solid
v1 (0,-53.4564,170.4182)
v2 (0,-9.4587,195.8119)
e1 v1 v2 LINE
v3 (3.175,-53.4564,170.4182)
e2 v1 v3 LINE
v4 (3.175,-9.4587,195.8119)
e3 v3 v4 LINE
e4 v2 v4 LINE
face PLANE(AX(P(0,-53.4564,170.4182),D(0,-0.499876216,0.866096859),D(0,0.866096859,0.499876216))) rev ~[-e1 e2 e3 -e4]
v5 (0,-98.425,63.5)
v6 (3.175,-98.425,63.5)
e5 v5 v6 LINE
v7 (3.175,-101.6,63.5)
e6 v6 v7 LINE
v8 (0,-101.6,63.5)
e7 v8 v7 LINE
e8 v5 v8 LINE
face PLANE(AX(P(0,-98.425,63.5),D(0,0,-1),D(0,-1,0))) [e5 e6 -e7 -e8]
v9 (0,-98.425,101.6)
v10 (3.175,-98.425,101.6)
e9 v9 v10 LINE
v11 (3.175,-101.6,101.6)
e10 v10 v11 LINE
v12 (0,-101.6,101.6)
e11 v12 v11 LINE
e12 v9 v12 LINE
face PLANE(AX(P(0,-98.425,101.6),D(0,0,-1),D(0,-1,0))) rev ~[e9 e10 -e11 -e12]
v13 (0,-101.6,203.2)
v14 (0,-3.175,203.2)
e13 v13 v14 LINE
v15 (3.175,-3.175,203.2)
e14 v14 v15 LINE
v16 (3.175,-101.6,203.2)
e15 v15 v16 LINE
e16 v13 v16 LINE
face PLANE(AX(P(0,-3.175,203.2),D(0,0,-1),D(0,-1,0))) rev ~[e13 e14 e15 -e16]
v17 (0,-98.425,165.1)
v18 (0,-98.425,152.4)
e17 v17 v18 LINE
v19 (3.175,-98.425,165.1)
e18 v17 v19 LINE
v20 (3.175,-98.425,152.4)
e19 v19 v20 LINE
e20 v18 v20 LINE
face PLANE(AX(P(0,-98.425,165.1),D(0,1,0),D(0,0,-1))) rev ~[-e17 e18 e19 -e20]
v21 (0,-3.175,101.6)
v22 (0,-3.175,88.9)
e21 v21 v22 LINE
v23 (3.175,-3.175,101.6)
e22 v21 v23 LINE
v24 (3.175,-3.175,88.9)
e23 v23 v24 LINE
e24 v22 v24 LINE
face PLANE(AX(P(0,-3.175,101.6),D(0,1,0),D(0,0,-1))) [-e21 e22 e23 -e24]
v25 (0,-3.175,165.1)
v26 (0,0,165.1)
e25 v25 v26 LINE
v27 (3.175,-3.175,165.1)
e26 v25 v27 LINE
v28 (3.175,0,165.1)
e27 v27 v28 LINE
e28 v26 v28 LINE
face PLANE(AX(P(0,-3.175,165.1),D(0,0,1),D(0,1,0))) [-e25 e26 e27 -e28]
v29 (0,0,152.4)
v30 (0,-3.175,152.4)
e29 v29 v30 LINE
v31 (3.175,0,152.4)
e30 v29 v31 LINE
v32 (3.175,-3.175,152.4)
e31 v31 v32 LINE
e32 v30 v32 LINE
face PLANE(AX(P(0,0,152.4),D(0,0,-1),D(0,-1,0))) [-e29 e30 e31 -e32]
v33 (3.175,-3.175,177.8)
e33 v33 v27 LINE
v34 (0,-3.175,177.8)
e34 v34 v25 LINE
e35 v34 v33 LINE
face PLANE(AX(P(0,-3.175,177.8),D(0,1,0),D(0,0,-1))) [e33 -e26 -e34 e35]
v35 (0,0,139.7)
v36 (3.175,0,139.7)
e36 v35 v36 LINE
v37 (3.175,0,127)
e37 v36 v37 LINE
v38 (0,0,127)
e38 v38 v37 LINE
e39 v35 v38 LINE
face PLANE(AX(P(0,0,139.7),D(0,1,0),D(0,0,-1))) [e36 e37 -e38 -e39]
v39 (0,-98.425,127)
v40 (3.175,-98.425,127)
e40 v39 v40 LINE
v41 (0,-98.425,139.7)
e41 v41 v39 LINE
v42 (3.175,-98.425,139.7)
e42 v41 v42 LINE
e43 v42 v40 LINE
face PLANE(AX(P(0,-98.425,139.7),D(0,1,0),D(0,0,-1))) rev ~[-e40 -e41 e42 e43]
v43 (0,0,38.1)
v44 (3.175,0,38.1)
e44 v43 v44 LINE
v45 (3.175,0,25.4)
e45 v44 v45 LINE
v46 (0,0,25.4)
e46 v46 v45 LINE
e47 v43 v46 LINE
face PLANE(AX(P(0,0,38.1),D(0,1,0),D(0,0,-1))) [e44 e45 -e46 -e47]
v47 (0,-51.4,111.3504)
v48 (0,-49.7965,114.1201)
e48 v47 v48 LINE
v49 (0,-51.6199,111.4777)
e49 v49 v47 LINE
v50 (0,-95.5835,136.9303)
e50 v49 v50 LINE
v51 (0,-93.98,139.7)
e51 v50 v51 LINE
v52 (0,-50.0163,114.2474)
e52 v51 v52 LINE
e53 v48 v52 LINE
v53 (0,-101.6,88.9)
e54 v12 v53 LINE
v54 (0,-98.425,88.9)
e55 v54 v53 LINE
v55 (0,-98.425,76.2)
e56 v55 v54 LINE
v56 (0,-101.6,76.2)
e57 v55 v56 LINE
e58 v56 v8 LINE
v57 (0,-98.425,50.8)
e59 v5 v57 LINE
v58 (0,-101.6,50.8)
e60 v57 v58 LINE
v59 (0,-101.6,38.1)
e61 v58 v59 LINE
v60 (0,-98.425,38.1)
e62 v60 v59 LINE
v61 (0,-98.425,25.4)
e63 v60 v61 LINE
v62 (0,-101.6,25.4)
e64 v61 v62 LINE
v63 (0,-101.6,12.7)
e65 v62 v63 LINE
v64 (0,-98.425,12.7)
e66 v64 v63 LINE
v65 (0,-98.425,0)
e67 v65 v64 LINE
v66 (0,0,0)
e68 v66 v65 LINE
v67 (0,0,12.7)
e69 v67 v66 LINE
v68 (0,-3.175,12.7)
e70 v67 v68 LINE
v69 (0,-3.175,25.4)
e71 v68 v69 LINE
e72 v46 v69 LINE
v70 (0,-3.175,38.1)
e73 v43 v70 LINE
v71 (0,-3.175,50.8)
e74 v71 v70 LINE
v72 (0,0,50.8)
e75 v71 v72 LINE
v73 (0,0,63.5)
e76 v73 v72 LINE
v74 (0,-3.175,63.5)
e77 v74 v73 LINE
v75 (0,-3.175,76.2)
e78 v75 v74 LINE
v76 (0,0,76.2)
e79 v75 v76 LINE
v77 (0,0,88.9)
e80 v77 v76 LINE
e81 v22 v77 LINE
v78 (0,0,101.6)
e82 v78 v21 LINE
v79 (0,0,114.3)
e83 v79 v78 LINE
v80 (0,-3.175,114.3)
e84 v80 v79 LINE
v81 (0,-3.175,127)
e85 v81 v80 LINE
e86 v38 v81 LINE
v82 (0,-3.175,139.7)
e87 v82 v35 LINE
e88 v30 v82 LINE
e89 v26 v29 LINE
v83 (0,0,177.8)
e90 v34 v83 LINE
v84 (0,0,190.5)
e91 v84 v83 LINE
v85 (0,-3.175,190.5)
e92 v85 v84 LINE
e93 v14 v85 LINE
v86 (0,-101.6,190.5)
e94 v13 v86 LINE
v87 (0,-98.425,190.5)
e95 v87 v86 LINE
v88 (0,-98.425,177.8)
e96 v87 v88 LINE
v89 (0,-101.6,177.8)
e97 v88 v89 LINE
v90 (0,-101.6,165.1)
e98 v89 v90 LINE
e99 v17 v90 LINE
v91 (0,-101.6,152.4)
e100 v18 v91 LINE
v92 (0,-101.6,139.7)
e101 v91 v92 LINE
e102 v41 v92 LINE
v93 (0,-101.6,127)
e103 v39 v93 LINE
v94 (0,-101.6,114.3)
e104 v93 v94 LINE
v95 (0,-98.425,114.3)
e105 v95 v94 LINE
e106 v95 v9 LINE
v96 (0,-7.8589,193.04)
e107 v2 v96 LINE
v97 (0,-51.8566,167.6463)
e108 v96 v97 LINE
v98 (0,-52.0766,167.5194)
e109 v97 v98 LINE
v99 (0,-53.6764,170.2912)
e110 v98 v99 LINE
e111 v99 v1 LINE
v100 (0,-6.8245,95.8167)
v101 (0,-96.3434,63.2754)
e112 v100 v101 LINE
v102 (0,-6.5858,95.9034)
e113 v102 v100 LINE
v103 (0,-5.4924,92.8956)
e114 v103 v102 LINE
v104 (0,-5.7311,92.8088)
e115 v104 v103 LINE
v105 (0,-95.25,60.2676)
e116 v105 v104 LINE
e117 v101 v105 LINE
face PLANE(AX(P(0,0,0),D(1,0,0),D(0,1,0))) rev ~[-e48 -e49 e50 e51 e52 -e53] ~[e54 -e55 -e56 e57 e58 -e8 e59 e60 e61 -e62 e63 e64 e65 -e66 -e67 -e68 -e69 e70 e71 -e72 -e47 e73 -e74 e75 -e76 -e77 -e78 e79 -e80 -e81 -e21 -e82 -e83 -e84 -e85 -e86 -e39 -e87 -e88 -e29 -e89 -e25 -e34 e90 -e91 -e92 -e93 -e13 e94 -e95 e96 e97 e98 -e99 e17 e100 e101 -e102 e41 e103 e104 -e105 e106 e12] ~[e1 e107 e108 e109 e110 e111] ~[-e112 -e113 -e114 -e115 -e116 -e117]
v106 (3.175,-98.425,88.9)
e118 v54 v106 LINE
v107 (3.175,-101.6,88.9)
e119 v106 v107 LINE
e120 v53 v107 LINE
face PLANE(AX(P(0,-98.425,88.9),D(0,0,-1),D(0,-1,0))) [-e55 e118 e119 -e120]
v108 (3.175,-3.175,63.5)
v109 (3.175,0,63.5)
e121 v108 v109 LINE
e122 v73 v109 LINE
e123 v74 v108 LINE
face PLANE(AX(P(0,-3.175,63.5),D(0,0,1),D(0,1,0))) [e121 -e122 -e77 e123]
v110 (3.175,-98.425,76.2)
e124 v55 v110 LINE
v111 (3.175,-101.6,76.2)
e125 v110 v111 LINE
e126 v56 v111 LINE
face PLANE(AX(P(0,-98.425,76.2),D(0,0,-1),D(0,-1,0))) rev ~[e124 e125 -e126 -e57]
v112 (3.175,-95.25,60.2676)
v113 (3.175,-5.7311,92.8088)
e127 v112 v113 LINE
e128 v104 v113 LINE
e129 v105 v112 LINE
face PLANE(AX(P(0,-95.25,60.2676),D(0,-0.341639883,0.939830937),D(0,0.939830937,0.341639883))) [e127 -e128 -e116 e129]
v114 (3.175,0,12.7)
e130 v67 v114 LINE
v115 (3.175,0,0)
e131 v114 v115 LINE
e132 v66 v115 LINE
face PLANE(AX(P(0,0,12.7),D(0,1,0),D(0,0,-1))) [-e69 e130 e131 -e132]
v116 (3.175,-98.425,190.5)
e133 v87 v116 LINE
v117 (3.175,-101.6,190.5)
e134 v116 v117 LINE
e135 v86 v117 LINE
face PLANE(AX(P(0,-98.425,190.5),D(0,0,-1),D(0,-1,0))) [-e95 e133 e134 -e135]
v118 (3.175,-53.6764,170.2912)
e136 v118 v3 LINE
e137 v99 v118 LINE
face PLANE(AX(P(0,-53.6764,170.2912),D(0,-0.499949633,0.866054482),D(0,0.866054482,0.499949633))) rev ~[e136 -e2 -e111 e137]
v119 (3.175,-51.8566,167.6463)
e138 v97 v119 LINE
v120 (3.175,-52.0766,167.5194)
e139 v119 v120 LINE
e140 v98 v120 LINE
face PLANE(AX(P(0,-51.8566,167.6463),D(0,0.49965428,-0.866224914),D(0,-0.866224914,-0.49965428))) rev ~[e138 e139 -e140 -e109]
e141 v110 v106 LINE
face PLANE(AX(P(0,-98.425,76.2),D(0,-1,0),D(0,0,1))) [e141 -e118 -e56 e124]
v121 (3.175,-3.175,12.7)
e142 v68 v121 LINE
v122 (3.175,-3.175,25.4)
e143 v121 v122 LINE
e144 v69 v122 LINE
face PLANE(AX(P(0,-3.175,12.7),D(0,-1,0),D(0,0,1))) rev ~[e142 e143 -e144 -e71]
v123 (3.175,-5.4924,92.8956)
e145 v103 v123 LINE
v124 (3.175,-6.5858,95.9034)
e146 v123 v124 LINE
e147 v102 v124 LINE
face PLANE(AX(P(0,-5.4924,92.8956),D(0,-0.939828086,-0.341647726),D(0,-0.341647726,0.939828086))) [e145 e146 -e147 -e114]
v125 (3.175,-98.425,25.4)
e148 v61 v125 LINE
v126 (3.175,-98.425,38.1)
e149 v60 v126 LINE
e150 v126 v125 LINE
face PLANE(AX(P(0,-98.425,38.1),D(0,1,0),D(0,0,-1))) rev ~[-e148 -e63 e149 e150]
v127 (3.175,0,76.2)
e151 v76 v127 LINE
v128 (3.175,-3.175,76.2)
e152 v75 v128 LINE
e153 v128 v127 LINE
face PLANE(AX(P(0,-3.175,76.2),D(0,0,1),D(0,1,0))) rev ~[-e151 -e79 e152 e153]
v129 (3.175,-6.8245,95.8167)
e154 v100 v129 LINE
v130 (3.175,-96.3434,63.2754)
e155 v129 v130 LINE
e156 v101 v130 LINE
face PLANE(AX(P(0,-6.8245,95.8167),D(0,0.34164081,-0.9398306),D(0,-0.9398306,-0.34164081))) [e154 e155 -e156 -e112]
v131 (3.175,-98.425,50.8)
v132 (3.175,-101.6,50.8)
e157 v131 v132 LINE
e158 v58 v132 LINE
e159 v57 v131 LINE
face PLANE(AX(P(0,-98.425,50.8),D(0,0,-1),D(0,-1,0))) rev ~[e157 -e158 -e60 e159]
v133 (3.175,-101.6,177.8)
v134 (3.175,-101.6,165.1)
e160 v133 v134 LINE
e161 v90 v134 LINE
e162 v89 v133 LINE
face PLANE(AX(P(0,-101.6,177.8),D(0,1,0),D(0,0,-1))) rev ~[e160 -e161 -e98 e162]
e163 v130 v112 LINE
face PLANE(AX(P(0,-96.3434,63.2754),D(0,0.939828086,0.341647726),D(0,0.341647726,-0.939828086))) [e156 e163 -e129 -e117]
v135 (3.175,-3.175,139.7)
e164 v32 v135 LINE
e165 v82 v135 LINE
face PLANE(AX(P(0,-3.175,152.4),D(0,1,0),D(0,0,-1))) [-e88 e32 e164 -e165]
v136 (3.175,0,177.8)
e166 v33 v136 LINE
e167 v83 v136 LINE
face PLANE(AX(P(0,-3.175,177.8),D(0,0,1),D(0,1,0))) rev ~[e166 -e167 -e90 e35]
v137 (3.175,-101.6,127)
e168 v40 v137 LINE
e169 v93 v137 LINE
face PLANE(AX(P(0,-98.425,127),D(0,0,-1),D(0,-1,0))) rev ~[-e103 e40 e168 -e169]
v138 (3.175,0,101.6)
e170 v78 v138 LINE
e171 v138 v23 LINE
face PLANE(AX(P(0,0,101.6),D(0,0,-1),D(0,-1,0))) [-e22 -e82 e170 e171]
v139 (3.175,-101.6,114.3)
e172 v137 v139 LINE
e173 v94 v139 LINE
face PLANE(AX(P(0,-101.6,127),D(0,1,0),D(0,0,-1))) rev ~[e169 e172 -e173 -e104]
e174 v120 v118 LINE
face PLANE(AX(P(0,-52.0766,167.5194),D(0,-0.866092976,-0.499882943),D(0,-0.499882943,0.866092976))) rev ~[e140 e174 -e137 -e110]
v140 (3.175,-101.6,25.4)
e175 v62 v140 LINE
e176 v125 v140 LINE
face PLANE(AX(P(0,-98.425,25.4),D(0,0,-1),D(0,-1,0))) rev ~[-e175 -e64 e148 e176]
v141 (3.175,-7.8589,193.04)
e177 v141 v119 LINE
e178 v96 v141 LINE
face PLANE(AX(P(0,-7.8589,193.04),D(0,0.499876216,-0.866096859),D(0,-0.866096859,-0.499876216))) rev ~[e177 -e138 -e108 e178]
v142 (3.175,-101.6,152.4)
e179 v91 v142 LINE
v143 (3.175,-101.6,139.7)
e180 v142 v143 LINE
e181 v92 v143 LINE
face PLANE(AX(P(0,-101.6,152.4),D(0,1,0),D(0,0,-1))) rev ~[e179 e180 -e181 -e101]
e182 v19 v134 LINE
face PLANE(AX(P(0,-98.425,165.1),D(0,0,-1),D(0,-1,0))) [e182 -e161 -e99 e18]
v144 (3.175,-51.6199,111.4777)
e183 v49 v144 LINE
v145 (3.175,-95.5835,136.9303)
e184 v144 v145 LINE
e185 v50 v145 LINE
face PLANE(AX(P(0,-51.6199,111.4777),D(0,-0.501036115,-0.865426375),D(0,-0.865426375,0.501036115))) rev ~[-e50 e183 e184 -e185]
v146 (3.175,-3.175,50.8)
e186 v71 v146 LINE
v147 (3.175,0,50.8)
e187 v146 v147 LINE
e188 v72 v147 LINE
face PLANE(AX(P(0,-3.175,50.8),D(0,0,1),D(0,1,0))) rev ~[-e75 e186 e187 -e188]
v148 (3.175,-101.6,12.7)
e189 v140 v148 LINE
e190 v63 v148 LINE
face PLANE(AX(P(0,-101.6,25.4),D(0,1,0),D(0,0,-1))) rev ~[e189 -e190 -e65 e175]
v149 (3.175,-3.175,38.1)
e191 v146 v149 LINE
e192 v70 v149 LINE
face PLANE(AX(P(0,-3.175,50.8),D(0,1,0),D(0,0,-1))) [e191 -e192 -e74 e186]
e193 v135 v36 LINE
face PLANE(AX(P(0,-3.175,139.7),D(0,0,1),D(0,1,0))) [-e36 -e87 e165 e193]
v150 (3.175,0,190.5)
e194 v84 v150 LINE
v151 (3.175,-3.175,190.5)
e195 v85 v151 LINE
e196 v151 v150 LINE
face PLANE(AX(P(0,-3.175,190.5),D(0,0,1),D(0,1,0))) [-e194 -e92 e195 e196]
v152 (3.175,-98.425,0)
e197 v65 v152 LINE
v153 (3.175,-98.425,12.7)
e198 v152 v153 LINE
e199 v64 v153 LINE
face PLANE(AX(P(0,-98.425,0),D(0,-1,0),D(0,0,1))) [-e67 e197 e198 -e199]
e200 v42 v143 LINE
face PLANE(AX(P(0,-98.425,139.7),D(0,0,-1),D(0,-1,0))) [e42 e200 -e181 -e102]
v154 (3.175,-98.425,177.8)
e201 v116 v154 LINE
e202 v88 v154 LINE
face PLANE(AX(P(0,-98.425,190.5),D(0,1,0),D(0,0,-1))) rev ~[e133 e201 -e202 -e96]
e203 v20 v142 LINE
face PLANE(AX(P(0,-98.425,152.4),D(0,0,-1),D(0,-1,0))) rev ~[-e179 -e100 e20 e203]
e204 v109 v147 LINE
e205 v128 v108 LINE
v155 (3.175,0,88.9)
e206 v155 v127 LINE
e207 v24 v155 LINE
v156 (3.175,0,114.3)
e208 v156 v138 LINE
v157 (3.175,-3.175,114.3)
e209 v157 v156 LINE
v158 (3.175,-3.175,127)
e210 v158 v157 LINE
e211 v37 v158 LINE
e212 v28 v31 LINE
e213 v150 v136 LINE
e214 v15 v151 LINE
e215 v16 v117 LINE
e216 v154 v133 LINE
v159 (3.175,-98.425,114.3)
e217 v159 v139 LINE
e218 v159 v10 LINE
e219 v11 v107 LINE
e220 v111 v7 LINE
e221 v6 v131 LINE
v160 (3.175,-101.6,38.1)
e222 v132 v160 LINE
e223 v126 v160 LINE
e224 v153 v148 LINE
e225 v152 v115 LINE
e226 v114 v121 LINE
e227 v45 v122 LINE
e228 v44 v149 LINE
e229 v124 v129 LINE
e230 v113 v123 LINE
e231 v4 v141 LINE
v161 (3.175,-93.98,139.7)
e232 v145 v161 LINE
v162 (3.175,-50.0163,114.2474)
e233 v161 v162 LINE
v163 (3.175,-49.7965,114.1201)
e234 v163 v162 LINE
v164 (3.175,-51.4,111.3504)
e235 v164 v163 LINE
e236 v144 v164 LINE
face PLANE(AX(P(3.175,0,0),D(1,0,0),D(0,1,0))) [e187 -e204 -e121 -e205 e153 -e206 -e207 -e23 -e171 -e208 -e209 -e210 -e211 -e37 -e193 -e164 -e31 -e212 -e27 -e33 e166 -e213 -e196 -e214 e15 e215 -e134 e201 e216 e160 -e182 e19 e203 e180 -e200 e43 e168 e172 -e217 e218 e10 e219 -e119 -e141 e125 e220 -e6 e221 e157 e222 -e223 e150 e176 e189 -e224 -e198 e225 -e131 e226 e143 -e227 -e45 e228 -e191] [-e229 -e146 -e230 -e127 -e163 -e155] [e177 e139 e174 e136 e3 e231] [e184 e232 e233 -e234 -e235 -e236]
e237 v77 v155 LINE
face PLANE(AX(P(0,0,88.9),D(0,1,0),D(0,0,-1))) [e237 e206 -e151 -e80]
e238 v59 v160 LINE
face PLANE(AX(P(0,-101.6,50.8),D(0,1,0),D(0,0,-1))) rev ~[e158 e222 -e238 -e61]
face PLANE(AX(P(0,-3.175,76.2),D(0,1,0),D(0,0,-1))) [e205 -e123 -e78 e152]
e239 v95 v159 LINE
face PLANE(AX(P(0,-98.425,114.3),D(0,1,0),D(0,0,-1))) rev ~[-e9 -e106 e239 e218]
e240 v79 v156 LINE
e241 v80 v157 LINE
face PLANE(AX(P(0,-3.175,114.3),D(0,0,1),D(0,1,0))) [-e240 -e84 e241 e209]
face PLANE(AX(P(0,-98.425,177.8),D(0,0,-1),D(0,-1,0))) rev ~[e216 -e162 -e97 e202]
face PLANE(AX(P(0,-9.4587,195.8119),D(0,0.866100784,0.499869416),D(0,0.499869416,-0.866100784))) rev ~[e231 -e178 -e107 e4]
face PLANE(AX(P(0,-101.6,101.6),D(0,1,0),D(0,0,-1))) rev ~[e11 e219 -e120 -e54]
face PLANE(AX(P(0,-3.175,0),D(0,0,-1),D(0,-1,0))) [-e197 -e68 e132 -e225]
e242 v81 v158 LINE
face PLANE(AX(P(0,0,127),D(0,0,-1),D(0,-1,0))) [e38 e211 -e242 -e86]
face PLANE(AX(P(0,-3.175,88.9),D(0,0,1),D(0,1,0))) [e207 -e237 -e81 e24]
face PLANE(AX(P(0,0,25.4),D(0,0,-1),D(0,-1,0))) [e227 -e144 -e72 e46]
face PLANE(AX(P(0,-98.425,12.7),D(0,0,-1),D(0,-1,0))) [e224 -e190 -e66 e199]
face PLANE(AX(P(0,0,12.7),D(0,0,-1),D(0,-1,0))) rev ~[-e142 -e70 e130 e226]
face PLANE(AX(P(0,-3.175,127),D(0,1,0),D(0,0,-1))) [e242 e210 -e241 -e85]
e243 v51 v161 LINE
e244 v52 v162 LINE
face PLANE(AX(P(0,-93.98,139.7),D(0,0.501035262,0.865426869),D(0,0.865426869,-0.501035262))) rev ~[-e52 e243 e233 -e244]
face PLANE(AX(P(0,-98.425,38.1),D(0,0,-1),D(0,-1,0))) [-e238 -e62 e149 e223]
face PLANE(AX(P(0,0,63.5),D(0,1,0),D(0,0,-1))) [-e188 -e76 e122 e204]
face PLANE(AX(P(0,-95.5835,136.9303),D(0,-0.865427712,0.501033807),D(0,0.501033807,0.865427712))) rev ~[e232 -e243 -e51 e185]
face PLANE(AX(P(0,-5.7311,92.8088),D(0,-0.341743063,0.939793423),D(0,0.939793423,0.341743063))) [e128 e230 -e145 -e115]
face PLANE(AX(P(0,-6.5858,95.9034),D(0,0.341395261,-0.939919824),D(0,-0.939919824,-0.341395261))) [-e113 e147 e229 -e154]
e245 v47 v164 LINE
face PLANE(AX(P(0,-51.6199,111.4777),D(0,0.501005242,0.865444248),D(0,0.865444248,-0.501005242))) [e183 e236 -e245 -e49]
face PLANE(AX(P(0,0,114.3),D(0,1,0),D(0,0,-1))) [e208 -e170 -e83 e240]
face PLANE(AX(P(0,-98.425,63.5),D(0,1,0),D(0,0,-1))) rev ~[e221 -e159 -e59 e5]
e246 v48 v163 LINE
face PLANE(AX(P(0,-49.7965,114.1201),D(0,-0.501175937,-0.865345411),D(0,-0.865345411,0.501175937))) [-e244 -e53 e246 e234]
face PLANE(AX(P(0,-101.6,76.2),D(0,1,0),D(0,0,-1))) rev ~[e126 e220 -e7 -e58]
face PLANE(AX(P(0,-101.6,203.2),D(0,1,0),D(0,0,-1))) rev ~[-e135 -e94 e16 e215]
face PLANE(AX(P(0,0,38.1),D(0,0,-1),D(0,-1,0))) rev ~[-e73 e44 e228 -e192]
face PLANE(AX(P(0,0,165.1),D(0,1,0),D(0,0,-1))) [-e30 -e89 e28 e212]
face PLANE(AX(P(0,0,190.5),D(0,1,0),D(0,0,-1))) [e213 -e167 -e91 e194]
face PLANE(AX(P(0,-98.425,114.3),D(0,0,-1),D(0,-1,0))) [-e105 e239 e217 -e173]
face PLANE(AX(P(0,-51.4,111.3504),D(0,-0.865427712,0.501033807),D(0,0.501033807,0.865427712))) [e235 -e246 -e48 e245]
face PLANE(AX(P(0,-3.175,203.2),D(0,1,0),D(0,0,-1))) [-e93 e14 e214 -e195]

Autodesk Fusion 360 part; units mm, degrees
sketch "Sketch1" plane through (0, 0, 0) normal (1, 0, 0) x (0, 1, 0)
  line L0 (-98.425, 88.9) -> (-101.6, 88.9)
  line L1 (-98.425, 38.1) -> (-98.425, 25.4)
  line L2 (-98.425, 76.2) -> (-101.6, 76.2)
  line L3 (-101.6, 0) -> (-100.0125, 0)
  line L4 (-98.425, 190.5) -> (-98.425, 177.8)
  line L5 (-101.6, 203.2) -> (-98.425, 203.2)
  line L6 (-98.425, 177.8) -> (-98.425, 165.1)
  line L7 (-98.425, 203.2) -> (-98.425, 177.8)
  line L8 (-3.175, 177.8) -> (0, 177.8)
  line L9 (-98.425, 127) -> (-101.6, 127)
  line L10 (-3.175, 165.1) -> (0, 165.1)
  line L11 (-98.425, 165.1) -> (-98.425, 152.4)
  line L12 (0, 12.7) -> (-3.175, 12.7)
  line L13 (0, 127) -> (-3.175, 127)
  line L14 (-101.6, 76.2) -> (-101.6, 63.5)
  line L15 (-98.425, 63.5) -> (-98.425, 50.8)
  line L16 (-98.425, 114.3) -> (-98.425, 101.6)
  line L17 (-101.6, 101.6) -> (-101.6, 88.9)
  line L18 (-101.6, 0) -> (-98.425, 0)
  line L19 (-98.425, 63.5) -> (-101.6, 63.5)
  line L20 (-101.6, 0) -> (-90.5002, 0)
  line L21 (-3.175, 190.5) -> (-3.175, 177.8)
  line L22 (-3.175, 50.8) -> (0, 50.8)
  line L23 (0, 25.4) -> (-3.175, 25.4)
  line L24 (-3.175, 152.4) -> (-3.175, 139.7)
  line L25 (0, 38.1) -> (-3.175, 38.1)
  line L26 (-101.6, 177.8) -> (-101.6, 165.1)
  line L27 (0, 0) -> (-3.175, 0)
  line L28 (-3.175, 190.5) -> (0, 190.5)
  line L29 (-3.175, 50.8) -> (-3.175, 38.1)
  line L30 (-101.6, 203.2) -> (-101.6, 190.5)
  line L31 (-101.6, 127) -> (-101.6, 114.3)
  line L32 (-98.425, 114.3) -> (-101.6, 114.3)
  line L33 (0, 0) -> (-11.0998, 0)
  line L34 (-98.425, 139.7) -> (-98.425, 127)
  line L35 (-3.175, 177.8) -> (-3.175, 165.1)
  line L36 (-98.425, 165.1) -> (-101.6, 165.1)
  line L37 (-11.0998, 0) -> (-6.0198, 0)
  line L38 (0, 152.4) -> (-3.175, 152.4)
  line L39 (0, 0) -> (-12.065, 0)
  line L40 (-3.175, 76.2) -> (-3.175, 63.5)
  line L41 (-3.175, 139.7) -> (0, 139.7)
  line L42 (-3.175, 12.7) -> (-3.175, 0)
  line L43 (-90.5002, 0) -> (-95.5802, 0)
  line L44 (-98.425, 101.6) -> (-101.6, 101.6)
  line L45 (-3.175, 101.6) -> (-3.175, 88.9)
  line L46 (-3.175, 0) -> (-3.175, 59.055)
  line L47 (-3.175, 88.9) -> (-3.175, 76.2)
  line L48 (-98.425, 177.8) -> (-101.6, 177.8)
  line L49 (-3.175, 38.1) -> (-3.175, 25.4)
  line L50 (-98.425, 152.4) -> (-98.425, 139.7)
  line L51 (-98.425, 203.2) -> (-98.425, 190.5)
  line L52 (-98.425, 139.7) -> (-101.6, 139.7)
  line L53 (-3.175, 63.5) -> (0, 63.5)
  line L54 (-3.175, 203.2) -> (-3.175, 190.5)
  line L55 (-98.425, 127) -> (-98.425, 114.3)
  line L56 (-3.175, 63.5) -> (-3.175, 50.8)
  line L57 (-3.175, 88.9) -> (0, 88.9)
  line L58 (-3.175, 114.3) -> (0, 114.3)
  line L59 (0, 101.6) -> (-3.175, 101.6)
  line L60 (-3.175, 127) -> (-3.175, 114.3)
  line L61 (-98.425, 190.5) -> (-101.6, 190.5)
  line L62 (-98.425, 0) -> (-98.425, 203.2)
  line L63 (-3.175, 76.2) -> (0, 76.2)
  line L64 (-98.425, 152.4) -> (-101.6, 152.4)
  line L65 (-98.425, 25.4) -> (-98.425, 12.7)
  line L66 (-101.6, 152.4) -> (-101.6, 139.7)
  line L67 (-98.425, 38.1) -> (-101.6, 38.1)
  line L68 (-101.6, 0) -> (0, 0)
  line L69 (-98.425, 50.8) -> (-101.6, 50.8)
  line L70 (-101.6, 50.8) -> (-101.6, 38.1)
  line L71 (-98.425, 50.8) -> (-98.425, 38.1)
  line L72 (-101.6, 0) -> (-85.725, 0)
  line L73 (-3.175, 0) -> (-3.175, 203.2)
  line L74 (-98.425, 101.6) -> (-98.425, 95.25)
  line L75 (-98.425, 95.25) -> (-98.425, 88.9)
  line L76 (-3.175, 203.2) -> (-101.6, 203.2)
  line L77 (-98.425, 88.9) -> (-98.425, 76.2)
  line L78 (-3.175, 25.4) -> (-3.175, 12.7)
  line L79 (-98.425, 76.2) -> (-98.425, 63.5)
  line L80 (-101.6, 25.4) -> (-101.6, 12.7)
  line L81 (-98.425, 12.7) -> (-101.6, 12.7)
  line L82 (-98.425, 25.4) -> (-101.6, 25.4)
  line L83 (-6.8245, 95.8167) -> (-96.3434, 63.2754)
  line L84 (-53.6764, 170.2912) -> (-53.4564, 170.4182)
  line L85 (-6.5858, 95.9034) -> (-6.8245, 95.8167)
  line L86 (-51.6199, 111.4777) -> (-51.4, 111.3504)
  line L87 (-7.8589, 193.04) -> (-51.8566, 167.6463)
  line L88 (-95.5835, 136.9303) -> (-93.98, 139.7)
  line L89 (-9.4587, 195.8119) -> (-7.8589, 193.04)
  line L90 (-51.8566, 167.6463) -> (-52.0766, 167.5194)
  line L91 (-5.4924, 92.8956) -> (-6.5858, 95.9034)
  line L92 (-51.6199, 111.4777) -> (-95.5835, 136.9303)
  line L93 (-93.98, 139.7) -> (-50.0163, 114.2474)
  line L94 (-96.3434, 63.2754) -> (-95.25, 60.2676)
  line L95 (-53.4564, 170.4182) -> (-9.4587, 195.8119)
  line L96 (-5.7311, 92.8088) -> (-5.4924, 92.8956)
  line L97 (-51.4, 111.3504) -> (-49.7965, 114.1201)
  line L98 (-95.25, 60.2676) -> (-5.7311, 92.8088)
  line L99 (-49.7965, 114.1201) -> (-50.0163, 114.2474)
  line L100 (-52.0766, 167.5194) -> (-53.6764, 170.2912)
  line L101 (0, 190.5) -> (0, 177.8)
  line L102 (0, 165.1) -> (0, 152.4)
  line L103 (0, 139.7) -> (0, 127)
  line L104 (0, 114.3) -> (0, 101.6)
  line L105 (0, 88.9) -> (0, 76.2)
  line L106 (0, 63.5) -> (0, 50.8)
  line L107 (0, 38.1) -> (0, 25.4)
  line L108 (0, 12.7) -> (0, 0)
  dimension "d92" = 50.8
  dimension "d93" = 3.2004
  dimension "d94" = 50.8
  dimension "d95" = 50.8
  dimension "d96" = 3.2004
  dimension "d97" = 50.8
  dimension "d98" = 95.25
  dimension "d99" = 3.2004
  dimension "d100" = 95.25
  dimension "d101" = 0.254
  dimension "d102" = 0.254
  dimension "d103" = 3.2004
  dimension "d104" = 0.254
  dimension "d105" = 3.2004
extrude "Extrude1" add sketch "Sketch1" along normal blind 3.175
sketch "Sketch2" plane through (0, 0, 0) normal (1, 0, 0) x (0, 1, 0)
